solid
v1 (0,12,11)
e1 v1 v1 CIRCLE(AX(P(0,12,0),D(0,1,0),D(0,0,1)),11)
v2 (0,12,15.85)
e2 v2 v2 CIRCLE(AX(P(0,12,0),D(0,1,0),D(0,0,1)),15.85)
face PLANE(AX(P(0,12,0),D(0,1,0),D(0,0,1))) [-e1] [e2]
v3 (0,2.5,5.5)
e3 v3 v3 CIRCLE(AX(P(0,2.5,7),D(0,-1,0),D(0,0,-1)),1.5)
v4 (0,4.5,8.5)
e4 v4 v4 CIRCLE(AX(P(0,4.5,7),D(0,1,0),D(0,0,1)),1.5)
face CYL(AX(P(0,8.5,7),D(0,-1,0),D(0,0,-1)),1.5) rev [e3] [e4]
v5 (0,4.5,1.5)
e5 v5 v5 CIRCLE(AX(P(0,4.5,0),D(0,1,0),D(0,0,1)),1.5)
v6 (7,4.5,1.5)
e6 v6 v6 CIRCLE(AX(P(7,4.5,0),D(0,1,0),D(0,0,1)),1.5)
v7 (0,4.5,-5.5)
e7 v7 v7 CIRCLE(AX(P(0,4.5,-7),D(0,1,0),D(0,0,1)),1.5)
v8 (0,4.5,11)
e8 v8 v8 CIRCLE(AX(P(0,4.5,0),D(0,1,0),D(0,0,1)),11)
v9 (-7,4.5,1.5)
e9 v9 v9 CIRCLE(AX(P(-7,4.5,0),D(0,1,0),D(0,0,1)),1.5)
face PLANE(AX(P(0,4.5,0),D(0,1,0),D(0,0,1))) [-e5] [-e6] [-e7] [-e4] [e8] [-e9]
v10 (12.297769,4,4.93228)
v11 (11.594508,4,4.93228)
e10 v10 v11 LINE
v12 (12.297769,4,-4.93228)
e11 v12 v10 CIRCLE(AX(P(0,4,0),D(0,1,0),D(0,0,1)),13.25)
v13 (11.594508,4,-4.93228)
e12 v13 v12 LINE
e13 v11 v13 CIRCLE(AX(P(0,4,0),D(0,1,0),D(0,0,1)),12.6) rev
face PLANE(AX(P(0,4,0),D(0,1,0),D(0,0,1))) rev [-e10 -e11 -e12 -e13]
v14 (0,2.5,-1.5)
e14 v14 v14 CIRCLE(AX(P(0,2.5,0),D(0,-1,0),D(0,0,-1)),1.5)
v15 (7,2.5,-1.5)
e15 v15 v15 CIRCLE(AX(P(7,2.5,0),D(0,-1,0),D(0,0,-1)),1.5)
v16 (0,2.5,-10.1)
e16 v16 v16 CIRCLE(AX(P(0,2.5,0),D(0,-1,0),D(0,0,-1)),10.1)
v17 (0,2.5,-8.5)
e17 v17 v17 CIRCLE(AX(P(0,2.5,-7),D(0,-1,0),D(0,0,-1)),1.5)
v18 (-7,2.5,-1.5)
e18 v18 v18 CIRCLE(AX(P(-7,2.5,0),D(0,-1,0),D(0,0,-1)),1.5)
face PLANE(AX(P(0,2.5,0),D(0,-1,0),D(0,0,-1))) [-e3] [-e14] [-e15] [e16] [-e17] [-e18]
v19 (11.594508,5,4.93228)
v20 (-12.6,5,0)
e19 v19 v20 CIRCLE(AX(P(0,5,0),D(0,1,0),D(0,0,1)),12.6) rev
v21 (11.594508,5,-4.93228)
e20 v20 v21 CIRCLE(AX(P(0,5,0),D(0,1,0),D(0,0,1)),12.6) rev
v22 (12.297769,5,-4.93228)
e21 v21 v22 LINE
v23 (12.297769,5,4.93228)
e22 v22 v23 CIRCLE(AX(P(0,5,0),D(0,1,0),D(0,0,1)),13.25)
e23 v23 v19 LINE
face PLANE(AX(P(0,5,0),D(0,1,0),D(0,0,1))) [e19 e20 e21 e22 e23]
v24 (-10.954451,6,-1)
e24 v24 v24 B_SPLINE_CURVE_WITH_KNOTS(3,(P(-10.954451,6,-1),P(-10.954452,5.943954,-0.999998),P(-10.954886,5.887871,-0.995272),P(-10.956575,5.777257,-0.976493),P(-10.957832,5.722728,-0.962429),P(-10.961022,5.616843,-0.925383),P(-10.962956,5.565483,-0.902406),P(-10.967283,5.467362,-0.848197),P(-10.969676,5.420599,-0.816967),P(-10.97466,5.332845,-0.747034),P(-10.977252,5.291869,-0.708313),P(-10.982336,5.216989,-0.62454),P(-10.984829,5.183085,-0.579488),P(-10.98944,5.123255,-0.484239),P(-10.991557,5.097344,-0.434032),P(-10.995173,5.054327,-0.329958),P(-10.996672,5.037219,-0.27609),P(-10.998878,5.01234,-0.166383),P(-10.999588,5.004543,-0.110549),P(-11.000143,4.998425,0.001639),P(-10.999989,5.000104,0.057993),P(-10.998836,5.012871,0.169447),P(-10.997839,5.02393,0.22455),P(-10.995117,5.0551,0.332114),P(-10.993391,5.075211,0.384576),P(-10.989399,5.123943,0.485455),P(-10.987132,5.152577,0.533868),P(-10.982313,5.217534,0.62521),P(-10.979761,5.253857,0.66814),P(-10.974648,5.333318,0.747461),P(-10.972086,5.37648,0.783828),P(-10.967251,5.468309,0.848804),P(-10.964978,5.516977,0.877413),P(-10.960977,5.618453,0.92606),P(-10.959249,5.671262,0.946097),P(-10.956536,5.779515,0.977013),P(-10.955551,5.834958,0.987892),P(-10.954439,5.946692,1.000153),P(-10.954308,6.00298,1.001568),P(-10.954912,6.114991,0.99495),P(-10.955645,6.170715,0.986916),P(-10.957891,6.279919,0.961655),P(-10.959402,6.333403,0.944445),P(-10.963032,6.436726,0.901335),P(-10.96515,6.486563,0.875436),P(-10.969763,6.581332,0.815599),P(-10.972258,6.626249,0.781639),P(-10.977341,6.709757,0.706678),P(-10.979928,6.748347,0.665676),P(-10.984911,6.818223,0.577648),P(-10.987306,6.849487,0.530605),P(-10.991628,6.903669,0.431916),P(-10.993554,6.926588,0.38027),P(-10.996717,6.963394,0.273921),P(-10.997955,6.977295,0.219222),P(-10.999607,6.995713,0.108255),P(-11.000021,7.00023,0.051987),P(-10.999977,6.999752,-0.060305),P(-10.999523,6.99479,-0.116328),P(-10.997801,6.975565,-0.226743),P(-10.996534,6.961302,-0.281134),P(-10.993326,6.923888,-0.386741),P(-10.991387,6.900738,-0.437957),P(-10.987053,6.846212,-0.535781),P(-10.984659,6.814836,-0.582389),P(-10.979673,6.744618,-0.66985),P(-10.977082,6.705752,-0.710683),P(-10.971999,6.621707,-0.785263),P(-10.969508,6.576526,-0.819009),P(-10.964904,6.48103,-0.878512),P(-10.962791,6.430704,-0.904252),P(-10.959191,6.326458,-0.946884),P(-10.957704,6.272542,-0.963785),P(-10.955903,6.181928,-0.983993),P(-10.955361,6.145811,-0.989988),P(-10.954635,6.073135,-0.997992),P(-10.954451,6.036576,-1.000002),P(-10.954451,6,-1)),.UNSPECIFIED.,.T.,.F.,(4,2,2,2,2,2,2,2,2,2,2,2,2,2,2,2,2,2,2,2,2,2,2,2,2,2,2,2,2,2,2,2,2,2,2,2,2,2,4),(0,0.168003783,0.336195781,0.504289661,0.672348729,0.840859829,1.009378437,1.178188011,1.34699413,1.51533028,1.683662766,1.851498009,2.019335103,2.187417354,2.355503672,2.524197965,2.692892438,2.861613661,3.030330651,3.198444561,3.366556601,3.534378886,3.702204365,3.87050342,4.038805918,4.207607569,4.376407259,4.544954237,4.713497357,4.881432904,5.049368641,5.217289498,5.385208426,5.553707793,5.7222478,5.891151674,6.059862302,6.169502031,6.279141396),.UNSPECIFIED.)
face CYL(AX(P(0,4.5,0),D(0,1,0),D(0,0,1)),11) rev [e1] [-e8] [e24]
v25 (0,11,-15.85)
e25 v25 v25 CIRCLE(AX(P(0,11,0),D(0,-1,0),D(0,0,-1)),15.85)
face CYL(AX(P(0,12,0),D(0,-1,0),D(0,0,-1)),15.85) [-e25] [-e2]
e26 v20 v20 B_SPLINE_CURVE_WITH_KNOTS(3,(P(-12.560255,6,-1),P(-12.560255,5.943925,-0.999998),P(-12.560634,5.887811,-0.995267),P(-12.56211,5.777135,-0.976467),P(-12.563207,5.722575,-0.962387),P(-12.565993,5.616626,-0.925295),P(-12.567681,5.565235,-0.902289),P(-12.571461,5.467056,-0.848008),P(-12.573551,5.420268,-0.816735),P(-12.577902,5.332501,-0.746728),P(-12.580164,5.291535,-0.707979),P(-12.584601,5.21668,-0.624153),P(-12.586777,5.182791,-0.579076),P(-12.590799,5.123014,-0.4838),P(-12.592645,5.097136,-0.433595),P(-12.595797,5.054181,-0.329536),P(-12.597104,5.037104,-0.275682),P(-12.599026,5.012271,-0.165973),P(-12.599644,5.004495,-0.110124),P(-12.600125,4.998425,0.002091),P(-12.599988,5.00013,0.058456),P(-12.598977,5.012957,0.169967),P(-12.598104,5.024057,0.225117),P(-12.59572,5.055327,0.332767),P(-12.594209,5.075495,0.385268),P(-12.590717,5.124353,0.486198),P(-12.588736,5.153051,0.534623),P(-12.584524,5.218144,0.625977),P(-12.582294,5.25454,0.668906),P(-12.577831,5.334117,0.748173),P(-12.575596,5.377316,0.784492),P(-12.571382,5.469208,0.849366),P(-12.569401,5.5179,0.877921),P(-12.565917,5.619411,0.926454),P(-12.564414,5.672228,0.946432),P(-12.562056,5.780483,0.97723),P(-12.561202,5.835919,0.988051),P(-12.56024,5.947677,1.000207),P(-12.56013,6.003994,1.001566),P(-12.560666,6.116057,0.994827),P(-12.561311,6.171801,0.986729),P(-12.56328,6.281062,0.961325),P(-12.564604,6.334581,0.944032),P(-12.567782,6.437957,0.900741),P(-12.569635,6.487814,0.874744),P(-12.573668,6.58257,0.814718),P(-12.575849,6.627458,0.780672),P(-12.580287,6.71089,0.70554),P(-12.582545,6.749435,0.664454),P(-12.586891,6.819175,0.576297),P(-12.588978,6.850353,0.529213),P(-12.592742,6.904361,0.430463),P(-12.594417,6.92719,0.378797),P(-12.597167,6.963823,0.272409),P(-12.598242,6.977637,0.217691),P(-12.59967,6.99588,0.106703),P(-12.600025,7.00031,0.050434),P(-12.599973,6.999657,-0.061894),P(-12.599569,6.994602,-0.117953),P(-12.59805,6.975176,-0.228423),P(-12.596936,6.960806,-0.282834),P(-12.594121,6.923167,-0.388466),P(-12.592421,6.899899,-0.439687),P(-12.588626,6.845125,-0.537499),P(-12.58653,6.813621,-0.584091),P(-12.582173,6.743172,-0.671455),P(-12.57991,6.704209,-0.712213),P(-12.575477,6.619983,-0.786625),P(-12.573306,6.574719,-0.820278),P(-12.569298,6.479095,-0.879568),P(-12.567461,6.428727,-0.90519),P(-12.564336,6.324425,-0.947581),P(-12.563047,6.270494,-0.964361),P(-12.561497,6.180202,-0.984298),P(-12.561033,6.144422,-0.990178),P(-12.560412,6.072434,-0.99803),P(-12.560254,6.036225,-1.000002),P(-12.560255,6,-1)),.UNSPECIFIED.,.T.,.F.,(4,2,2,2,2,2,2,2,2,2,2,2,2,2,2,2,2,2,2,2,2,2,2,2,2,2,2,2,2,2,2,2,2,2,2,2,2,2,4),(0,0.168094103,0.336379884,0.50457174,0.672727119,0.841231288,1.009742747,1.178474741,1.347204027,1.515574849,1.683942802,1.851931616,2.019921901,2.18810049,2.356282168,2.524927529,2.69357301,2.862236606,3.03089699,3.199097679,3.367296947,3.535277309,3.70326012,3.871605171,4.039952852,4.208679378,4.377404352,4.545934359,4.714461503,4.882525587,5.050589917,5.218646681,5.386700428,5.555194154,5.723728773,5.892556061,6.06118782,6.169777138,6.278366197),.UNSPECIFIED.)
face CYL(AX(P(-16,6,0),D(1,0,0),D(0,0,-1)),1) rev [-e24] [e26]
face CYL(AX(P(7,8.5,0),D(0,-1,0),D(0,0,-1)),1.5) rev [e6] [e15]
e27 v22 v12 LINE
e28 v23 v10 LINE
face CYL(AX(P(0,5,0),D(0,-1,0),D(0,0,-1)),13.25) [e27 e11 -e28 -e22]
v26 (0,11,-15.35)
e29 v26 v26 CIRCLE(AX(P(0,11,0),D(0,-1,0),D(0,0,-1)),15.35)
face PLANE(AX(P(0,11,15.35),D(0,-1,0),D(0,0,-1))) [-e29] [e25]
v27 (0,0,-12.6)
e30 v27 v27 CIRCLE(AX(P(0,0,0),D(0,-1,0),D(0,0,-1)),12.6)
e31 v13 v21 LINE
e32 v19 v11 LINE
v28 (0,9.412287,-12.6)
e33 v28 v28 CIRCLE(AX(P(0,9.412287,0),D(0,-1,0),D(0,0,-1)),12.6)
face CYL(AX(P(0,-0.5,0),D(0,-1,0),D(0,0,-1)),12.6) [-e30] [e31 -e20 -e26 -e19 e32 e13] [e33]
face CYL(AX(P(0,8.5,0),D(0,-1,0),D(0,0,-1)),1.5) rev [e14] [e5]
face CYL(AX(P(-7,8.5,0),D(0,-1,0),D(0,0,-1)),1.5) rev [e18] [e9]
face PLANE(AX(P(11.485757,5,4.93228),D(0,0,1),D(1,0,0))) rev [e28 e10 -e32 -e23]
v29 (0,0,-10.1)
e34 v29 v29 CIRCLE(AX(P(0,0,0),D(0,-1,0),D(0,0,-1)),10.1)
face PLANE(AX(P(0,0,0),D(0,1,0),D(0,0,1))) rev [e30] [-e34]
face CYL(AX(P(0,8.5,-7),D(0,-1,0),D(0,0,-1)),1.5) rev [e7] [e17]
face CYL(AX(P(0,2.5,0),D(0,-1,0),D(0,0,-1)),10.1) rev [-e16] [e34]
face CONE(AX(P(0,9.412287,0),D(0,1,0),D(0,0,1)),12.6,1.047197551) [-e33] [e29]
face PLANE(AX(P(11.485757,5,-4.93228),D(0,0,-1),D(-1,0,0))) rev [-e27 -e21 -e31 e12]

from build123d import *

# Parameters (mm, degrees)
SKETCH_1_R          = 15.85
EXTRUDE_1_DEPTH     = 12
SKETCH_2_R          = 10.1
CUT_EXTRUDE_1_DEPTH = 2.5
SKETCH_3_R          = 11
CUT_EXTRUDE_2_DEPTH = 7.5
SKETCH_4_R          = 1.5
CUT_EXTRUDE_3_DEPTH = 6
EXTRUDE_2_DEPTH     = 1
SKETCH_7_R          = 1
CUT_EXTRUDE_4_DEPTH = 16


with BuildPart() as part:
    # 草图1 → 凸台-拉伸1 (new body)
    with BuildSketch(Plane(origin=(0, 0, 0), x_dir=(1, 0, 0), z_dir=(0, 1, 0))):
        with Locations(Location((0, 0, 0), (0, 0, 270))):
            Circle(SKETCH_1_R)
    extrude(amount=EXTRUDE_1_DEPTH)

    # 草图2 → 切除-拉伸1 (cut)
    with BuildSketch(Plane.XZ):
        with Locations(Location((0, 0, 0), (0, 0, 270))):
            Circle(SKETCH_2_R)
    extrude(amount=-CUT_EXTRUDE_1_DEPTH, mode=Mode.SUBTRACT)

    # 草图3 → 切除-拉伸2 (cut)
    with BuildSketch(Plane(origin=(0, 12, 0), x_dir=(1, 0, 0), z_dir=(0, 1, 0))):
        with Locations(Location((0, 0, 0), (0, 0, 270))):
            Circle(SKETCH_3_R)
    extrude(amount=-CUT_EXTRUDE_2_DEPTH, mode=Mode.SUBTRACT)

    # 草图4 → 切除-拉伸3 (cut)
    with BuildSketch(Plane.XZ.offset(-2.5)):
        with Locations(Location((0, 7, 0), (0, 0, 270))):
            Circle(SKETCH_4_R)
        with Locations(Location((7, 0, 0), (0, 0, 270))):
            Circle(SKETCH_4_R)
        with Locations(Location((0, -7, 0), (0, 0, 270))):
            Circle(SKETCH_4_R)
        with Locations(Location((-7, 0, 0), (0, 0, 270))):
            Circle(SKETCH_4_R)
        with Locations(Location((0, 0, 0), (0, 0, 270))):
            Circle(SKETCH_4_R)
    extrude(amount=-CUT_EXTRUDE_3_DEPTH, mode=Mode.SUBTRACT)

    # 草图5 → 切除-旋转1 (revolve, cut)
    with BuildSketch(Plane(origin=(0, 0, 0), x_dir=(0, 0, -1), z_dir=(1, 0, 0)), mode=Mode.PRIVATE) as cut_revolve_1_sk:
        Polygon((-15.35, 11), (-12.6, 9.41228676), (-12.6, 0), (-15.85, 0), (-15.85, 11), align=None)
    revolve(cut_revolve_1_sk.sketch.rotate(Axis((0, -0.5, 0), (0, 1, 0)), 180), axis=Axis((0, -0.5, 0), (0, 1, 0)), mode=Mode.SUBTRACT)

    # 草图6 → 凸台-拉伸2 (add)
    with BuildSketch(Plane(origin=(0, 4, 0), x_dir=(1, 0, 0), z_dir=(0, 1, 0))):
        with BuildLine():
            Line((11.485757101, 4.932279778), (12.297768749, 4.932279778))
            ThreePointArc((12.297768749, 4.932279778), (-13.25, 0), (12.297768749, -4.932279778))
            Line((12.297768749, -4.932279778), (11.485757101, -4.932279778))
            ThreePointArc((11.485757101, -4.932279778), (-12.5, 0), (11.485757101, 4.932279778))
        make_face()
    extrude(amount=EXTRUDE_2_DEPTH)

    # 草图7 → 切除-拉伸4 (cut)
    with BuildSketch(Plane(origin=(0, 0, 0), x_dir=(0, 0, -1), z_dir=(1, 0, 0))):
        with Locations((0, 6)):
            Circle(SKETCH_7_R)
    extrude(amount=-CUT_EXTRUDE_4_DEPTH, mode=Mode.SUBTRACT)


solid = part.part
